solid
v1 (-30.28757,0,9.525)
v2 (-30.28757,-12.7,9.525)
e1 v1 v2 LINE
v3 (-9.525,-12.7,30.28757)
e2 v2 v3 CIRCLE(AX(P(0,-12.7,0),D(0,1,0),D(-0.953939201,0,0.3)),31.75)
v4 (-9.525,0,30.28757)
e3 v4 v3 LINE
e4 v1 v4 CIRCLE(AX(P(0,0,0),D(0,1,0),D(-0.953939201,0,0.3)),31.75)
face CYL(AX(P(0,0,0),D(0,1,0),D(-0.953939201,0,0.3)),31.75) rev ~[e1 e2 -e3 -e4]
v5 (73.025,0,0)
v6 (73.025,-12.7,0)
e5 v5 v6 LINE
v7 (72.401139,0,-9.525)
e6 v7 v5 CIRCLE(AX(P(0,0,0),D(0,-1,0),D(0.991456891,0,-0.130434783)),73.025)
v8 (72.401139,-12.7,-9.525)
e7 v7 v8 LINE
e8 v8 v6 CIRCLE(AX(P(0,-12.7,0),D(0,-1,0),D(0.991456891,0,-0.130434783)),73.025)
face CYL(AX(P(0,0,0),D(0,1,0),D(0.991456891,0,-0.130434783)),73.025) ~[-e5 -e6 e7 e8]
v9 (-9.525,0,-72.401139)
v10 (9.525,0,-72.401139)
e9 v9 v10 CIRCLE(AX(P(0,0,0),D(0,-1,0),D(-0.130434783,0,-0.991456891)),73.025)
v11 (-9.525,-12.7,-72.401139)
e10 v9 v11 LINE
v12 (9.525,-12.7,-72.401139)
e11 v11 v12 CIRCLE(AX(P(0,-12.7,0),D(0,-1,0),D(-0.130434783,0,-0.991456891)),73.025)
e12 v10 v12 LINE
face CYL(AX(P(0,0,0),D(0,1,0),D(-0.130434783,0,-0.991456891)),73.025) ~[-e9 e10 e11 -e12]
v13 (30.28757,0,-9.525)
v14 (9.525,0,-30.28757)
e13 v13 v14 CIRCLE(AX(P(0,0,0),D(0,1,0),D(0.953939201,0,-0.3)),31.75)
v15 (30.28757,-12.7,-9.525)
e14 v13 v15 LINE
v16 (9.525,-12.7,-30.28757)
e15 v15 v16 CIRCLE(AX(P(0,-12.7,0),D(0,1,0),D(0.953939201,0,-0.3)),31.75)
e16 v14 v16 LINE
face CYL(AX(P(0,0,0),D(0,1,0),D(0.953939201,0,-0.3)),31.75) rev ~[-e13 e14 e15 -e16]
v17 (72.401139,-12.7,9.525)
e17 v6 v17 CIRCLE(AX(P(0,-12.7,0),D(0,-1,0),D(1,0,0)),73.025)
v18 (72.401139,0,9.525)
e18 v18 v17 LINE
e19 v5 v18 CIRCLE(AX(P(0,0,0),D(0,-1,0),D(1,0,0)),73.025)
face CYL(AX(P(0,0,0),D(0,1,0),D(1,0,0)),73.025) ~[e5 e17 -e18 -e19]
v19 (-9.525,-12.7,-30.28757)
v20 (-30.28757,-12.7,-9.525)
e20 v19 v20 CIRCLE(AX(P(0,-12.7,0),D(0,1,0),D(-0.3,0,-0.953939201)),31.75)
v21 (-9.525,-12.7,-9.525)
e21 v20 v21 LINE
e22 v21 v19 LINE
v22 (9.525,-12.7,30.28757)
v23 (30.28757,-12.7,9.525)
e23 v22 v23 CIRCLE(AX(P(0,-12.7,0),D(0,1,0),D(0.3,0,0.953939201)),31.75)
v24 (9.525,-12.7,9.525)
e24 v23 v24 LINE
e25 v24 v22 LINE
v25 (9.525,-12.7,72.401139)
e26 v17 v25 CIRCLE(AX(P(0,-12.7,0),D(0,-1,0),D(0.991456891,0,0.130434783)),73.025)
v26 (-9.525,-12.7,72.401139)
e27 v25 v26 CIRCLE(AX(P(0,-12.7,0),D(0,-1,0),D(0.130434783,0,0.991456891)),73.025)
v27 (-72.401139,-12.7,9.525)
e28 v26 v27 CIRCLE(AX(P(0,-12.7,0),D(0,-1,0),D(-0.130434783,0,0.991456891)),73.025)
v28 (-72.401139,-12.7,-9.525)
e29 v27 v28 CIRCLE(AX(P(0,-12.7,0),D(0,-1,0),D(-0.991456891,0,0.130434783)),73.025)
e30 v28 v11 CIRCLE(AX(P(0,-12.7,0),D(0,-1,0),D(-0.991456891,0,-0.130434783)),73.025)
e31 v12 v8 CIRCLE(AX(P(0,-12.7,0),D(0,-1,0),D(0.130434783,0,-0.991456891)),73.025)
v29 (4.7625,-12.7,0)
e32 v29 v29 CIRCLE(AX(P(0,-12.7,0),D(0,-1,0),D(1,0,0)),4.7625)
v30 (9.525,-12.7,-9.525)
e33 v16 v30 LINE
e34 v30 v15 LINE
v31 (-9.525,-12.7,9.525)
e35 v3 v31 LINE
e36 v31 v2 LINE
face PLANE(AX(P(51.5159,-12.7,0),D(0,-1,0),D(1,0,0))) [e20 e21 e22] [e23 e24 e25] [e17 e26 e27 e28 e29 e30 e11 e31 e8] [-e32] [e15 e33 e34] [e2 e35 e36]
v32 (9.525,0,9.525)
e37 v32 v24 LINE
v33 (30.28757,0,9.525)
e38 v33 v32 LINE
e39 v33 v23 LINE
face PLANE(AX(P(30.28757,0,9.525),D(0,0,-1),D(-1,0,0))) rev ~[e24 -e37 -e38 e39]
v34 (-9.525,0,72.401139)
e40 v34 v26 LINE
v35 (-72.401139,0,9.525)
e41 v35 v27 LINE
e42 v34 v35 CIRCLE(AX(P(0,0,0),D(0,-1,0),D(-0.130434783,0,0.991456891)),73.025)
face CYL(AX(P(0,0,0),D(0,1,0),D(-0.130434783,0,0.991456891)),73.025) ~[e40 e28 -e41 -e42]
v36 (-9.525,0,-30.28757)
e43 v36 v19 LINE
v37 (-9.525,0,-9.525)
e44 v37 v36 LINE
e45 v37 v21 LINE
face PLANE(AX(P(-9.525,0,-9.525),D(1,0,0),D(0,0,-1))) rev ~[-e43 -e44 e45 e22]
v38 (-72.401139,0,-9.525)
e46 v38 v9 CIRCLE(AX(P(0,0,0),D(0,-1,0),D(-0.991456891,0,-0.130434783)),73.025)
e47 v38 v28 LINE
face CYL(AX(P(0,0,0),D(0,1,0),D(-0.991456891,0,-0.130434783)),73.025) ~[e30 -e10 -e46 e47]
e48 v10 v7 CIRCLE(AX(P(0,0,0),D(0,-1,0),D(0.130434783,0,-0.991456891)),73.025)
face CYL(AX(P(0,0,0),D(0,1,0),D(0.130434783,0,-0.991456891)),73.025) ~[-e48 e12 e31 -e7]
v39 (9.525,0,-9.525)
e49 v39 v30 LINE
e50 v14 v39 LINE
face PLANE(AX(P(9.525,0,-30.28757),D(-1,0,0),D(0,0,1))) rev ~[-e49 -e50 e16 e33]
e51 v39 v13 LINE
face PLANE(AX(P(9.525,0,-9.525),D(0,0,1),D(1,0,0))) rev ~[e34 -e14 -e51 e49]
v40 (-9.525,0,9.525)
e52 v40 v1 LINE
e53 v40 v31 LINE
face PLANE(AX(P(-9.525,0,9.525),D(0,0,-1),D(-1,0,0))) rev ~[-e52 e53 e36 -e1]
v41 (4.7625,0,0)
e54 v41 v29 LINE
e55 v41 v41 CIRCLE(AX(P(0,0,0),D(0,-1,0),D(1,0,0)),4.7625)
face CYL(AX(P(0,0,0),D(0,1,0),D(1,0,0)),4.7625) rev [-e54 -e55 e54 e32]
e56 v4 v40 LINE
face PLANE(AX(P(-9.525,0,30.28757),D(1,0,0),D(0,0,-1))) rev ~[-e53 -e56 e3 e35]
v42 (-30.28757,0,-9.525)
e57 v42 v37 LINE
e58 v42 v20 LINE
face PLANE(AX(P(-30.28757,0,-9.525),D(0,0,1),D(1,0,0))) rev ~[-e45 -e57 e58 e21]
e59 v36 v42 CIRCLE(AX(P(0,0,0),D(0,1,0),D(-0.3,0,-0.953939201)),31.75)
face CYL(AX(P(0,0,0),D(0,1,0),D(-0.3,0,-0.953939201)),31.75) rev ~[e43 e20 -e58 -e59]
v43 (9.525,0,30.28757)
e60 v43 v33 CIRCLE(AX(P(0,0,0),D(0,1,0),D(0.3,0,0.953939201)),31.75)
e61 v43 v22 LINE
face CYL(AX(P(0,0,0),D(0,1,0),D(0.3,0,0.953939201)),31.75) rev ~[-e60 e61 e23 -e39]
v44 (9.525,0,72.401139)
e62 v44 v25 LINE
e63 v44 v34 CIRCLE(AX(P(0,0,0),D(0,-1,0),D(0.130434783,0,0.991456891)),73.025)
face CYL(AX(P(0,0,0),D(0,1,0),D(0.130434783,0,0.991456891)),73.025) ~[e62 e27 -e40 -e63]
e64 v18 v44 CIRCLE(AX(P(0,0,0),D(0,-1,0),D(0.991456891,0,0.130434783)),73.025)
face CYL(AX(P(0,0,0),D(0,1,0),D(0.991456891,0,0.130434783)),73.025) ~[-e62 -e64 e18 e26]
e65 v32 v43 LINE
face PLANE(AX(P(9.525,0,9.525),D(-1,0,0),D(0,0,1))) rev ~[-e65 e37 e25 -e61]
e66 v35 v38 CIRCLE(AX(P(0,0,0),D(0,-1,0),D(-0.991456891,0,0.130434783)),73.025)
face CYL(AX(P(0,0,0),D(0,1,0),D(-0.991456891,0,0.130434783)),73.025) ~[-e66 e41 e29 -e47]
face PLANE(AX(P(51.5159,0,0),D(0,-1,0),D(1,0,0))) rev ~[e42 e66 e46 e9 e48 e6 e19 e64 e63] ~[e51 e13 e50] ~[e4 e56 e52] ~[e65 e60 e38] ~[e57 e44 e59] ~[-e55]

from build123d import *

# Parameters (mm, degrees)
F0_W     = 19.05
F0_H     = 19.05
F0_R     = 4.7625
F1_DEPTH = 12.7


with BuildPart() as f1:
    # F0 (on Front) → F1 (new body)
    with BuildSketch(Plane.XZ):
        with BuildLine():
            ThreePointArc((72.4011394938, -9.525), (72.8688679634, -4.7727043416), (73.025, 0))
            ThreePointArc((73.025, 0), (72.8688679634, 4.7727043416), (72.4011394938, 9.525))
            Line((72.4011394938, 9.525), (30.287569645, 9.525))
            ThreePointArc((30.287569645, 9.525), (31.3822627947, 4.8183069522), (31.75, 0))
            ThreePointArc((31.75, 0), (31.3822627947, -4.8183069522), (30.287569645, -9.525))
            Line((30.287569645, -9.525), (72.4011394938, -9.525))
        make_face()
        with BuildLine():
            Line((30.287569645, 9.525), (72.4011394938, 9.525))
            ThreePointArc((72.4011394938, 9.525), (51.6364726961, 51.6364726961), (9.525, 72.4011394938))
            Line((9.525, 72.4011394938), (9.525, 30.287569645))
            ThreePointArc((9.525, 30.287569645), (22.4506403027, 22.4506403027), (30.287569645, 9.525))
        make_face()
        with BuildLine():
            ThreePointArc((9.525, -72.4011394938), (51.6364726961, -51.6364726961), (72.4011394938, -9.525))
            Line((72.4011394938, -9.525), (30.287569645, -9.525))
            ThreePointArc((30.287569645, -9.525), (22.4506403027, -22.4506403027), (9.525, -30.287569645))
            Line((9.525, -30.287569645), (9.525, -72.4011394938))
        make_face()
        with BuildLine():
            Line((9.525, 30.287569645), (9.525, 72.4011394938))
            ThreePointArc((9.525, 72.4011394938), (0, 73.025), (-9.525, 72.4011394938))
            Line((-9.525, 72.4011394938), (-9.525, 30.287569645))
            ThreePointArc((-9.525, 30.287569645), (0, 31.75), (9.525, 30.287569645))
        make_face()
        with BuildLine():
            ThreePointArc((-9.525, -72.4011394938), (0, -73.025), (9.525, -72.4011394938))
            Line((9.525, -72.4011394938), (9.525, -30.287569645))
            ThreePointArc((9.525, -30.287569645), (0, -31.75), (-9.525, -30.287569645))
            Line((-9.525, -30.287569645), (-9.525, -72.4011394938))
        make_face()
        with BuildLine():
            Line((-9.525, 30.287569645), (-9.525, 72.4011394938))
            ThreePointArc((-9.525, 72.4011394938), (-51.6364726961, 51.6364726961), (-72.4011394938, 9.525))
            Line((-72.4011394938, 9.525), (-30.287569645, 9.525))
            ThreePointArc((-30.287569645, 9.525), (-22.4506403027, 22.4506403027), (-9.525, 30.287569645))
        make_face()
        with BuildLine():
            ThreePointArc((-72.4011394938, -9.525), (-51.6364726961, -51.6364726961), (-9.525, -72.4011394938))
            Line((-9.525, -72.4011394938), (-9.525, -30.287569645))
            ThreePointArc((-9.525, -30.287569645), (-22.4506403027, -22.4506403027), (-30.287569645, -9.525))
            Line((-30.287569645, -9.525), (-72.4011394938, -9.525))
        make_face()
        with BuildLine():
            Line((-30.287569645, 9.525), (-72.4011394938, 9.525))
            ThreePointArc((-72.4011394938, 9.525), (-73.025, 0), (-72.4011394938, -9.525))
            Line((-72.4011394938, -9.525), (-30.287569645, -9.525))
            ThreePointArc((-30.287569645, -9.525), (-31.75, 0), (-30.287569645, 9.525))
        make_face()
        with BuildLine():
            ThreePointArc((31.75, 0), (31.3822627947, 4.8183069522), (30.287569645, 9.525))
            Line((30.287569645, 9.525), (9.525, 9.525))
            Line((9.525, 9.525), (9.525, -9.525))
            Line((9.525, -9.525), (30.287569645, -9.525))
            ThreePointArc((30.287569645, -9.525), (31.3822627947, -4.8183069522), (31.75, 0))
        make_face()
        with BuildLine():
            Line((9.525, 9.525), (9.525, 30.287569645))
            ThreePointArc((9.525, 30.287569645), (0, 31.75), (-9.525, 30.287569645))
            Line((-9.525, 30.287569645), (-9.525, 9.525))
            Line((-9.525, 9.525), (9.525, 9.525))
        make_face()
        with BuildLine():
            Line((-9.525, -9.525), (-9.525, 9.525))
            Line((-9.525, 9.525), (-30.287569645, 9.525))
            ThreePointArc((-30.287569645, 9.525), (-31.75, 0), (-30.287569645, -9.525))
            Line((-30.287569645, -9.525), (-9.525, -9.525))
        make_face()
        Rectangle(F0_W, F0_H)
        Circle(F0_R, mode=Mode.SUBTRACT)
        with BuildLine():
            ThreePointArc((-9.525, -30.287569645), (0, -31.75), (9.525, -30.287569645))
            Line((9.525, -30.287569645), (9.525, -9.525))
            Line((9.525, -9.525), (-9.525, -9.525))
            Line((-9.525, -9.525), (-9.525, -30.287569645))
        make_face()
    extrude(amount=F1_DEPTH)


solid = f1.part
